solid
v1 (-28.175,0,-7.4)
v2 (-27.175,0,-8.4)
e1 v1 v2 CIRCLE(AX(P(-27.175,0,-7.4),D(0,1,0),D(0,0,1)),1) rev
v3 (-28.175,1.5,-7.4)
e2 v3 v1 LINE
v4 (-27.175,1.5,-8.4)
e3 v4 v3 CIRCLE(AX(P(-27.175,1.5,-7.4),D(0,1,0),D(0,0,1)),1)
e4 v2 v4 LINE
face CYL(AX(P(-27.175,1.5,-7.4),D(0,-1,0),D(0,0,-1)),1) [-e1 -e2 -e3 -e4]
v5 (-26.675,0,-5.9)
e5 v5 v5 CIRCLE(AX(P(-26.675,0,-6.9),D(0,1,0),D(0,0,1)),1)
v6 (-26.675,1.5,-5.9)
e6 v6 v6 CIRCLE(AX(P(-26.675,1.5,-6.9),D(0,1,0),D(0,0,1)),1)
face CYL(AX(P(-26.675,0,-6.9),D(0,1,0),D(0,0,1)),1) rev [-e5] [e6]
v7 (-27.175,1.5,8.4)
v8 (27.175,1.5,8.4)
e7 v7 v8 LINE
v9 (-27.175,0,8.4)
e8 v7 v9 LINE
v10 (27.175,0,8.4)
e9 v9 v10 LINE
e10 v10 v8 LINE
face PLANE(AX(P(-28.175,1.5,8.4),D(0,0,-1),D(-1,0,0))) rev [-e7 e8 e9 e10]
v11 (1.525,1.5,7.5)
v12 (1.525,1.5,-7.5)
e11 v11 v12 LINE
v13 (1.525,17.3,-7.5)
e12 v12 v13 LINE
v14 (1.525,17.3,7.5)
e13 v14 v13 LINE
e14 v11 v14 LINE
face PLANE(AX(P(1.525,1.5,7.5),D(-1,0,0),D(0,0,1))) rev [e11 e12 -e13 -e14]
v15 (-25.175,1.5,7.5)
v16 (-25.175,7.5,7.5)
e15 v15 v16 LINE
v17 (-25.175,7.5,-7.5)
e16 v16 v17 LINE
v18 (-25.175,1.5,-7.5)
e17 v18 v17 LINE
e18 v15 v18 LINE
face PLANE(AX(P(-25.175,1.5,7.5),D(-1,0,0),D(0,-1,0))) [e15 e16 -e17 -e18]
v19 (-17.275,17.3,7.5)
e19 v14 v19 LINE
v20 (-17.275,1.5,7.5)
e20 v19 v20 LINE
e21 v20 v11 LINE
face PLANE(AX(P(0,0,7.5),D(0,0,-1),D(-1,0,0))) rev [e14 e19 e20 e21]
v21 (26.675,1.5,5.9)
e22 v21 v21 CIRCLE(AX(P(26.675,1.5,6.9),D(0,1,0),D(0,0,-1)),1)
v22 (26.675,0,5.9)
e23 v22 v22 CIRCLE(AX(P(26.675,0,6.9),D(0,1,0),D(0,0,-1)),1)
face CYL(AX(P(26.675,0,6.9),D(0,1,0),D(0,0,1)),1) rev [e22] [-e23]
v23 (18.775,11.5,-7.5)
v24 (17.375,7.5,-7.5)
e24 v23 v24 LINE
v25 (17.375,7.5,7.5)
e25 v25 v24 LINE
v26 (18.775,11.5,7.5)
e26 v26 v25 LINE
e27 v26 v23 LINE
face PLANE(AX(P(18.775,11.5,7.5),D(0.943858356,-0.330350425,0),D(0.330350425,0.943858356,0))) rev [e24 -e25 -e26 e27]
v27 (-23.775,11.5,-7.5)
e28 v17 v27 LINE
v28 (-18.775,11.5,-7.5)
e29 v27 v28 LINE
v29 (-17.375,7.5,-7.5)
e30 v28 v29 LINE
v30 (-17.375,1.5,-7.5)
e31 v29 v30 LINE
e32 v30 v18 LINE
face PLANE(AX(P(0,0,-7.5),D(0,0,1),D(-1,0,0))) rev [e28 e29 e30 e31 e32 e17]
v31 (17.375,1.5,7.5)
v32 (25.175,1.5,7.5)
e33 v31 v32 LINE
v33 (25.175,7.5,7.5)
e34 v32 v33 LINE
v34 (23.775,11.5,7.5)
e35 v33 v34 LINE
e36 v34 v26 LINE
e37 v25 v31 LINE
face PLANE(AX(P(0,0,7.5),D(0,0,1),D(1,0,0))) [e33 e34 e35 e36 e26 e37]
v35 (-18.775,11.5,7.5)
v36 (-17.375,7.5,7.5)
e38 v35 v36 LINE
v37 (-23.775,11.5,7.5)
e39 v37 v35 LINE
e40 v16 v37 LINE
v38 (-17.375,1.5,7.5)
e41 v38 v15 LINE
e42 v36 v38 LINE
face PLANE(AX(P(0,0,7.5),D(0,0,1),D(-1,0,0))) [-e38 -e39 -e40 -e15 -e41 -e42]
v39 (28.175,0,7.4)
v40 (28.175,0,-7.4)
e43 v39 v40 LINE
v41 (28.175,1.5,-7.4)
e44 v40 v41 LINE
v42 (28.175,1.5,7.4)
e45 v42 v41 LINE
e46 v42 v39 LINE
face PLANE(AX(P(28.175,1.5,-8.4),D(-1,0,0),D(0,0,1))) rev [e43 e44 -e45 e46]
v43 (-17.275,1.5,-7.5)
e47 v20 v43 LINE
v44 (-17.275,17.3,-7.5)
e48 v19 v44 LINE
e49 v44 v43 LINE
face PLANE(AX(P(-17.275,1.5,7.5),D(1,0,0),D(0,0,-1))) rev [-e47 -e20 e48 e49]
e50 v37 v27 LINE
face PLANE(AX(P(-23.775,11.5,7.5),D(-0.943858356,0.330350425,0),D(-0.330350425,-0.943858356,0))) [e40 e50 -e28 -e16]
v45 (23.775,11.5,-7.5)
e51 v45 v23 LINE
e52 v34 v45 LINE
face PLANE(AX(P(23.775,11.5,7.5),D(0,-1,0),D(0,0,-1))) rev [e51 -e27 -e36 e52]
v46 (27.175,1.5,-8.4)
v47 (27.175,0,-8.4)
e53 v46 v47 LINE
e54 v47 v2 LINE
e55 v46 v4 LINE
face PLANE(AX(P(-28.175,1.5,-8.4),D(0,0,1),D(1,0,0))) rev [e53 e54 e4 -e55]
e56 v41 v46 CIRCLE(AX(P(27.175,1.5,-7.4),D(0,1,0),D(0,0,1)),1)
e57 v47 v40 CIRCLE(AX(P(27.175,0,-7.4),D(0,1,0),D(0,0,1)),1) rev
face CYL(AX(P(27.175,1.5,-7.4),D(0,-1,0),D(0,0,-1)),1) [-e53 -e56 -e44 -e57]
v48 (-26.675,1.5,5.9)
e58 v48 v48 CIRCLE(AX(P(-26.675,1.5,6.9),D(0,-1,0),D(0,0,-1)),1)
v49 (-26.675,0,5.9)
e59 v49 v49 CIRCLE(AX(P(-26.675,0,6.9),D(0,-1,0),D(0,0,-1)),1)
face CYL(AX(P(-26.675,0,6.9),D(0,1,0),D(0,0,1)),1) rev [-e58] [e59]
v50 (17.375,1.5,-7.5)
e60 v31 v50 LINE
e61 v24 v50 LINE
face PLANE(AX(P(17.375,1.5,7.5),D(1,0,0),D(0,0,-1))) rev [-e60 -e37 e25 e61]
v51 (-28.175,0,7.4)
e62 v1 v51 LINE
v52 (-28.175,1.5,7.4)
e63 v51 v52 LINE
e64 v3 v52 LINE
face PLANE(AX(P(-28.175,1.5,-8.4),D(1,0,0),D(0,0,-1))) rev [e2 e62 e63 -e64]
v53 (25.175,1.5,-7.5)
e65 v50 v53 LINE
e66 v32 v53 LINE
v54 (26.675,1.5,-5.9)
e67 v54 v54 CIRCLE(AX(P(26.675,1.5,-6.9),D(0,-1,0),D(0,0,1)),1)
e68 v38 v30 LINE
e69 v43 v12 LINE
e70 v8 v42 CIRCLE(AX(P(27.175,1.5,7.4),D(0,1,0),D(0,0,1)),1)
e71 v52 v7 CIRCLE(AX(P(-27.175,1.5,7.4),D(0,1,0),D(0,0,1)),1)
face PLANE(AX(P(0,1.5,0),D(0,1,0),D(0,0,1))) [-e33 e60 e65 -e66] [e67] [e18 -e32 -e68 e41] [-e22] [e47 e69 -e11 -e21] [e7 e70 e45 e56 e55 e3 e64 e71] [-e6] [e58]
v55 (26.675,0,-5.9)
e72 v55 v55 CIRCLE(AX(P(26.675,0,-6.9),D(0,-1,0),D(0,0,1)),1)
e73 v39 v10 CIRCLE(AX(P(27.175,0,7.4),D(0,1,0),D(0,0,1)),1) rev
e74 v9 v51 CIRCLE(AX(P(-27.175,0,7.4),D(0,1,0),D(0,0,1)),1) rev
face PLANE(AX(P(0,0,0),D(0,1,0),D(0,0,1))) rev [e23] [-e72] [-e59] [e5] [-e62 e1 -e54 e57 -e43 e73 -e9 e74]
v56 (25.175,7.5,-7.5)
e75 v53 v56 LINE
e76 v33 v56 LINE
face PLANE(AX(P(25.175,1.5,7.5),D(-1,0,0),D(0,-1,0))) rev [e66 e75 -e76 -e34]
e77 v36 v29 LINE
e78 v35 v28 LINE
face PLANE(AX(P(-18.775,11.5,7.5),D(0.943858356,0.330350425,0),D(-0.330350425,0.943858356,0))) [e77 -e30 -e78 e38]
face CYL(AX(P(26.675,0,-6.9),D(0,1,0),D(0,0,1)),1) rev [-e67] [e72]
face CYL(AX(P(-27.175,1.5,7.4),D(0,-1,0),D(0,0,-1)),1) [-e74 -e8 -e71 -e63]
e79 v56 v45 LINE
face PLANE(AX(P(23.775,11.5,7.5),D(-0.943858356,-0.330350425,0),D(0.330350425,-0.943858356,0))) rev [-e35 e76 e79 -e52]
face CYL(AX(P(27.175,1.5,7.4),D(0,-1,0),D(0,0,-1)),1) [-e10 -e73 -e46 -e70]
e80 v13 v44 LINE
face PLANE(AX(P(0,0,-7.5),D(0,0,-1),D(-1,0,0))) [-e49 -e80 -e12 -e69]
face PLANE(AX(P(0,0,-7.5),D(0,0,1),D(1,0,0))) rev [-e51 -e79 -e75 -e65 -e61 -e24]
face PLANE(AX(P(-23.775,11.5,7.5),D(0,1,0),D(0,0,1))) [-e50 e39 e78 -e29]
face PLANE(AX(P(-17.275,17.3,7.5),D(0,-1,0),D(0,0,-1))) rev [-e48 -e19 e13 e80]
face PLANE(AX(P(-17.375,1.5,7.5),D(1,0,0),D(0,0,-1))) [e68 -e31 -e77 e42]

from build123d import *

# Parameters (mm, degrees)
SKETCH1_W               = 56.35
SKETCH1_H               = 16.8
BOSS_EXTRUDE1_DEPTH     = 1.5
SKETCH2_R               = 1
CUT_EXTRUDE1_DEPTH      = 30.438760589
MIRROR2_COPY_1_SKETCH_R = 1
MIRROR2_COPY_1_DEPTH    = 30.438760589
FILLET1_R               = 1
BOSS_EXTRUDE2_DEPTH     = 7.5
SKETCH4_W               = 18.8
SKETCH4_H               = 15.8
BOSS_EXTRUDE3_DEPTH     = 7.5


with BuildPart() as part:
    # Sketch1 → Boss-Extrude1 (new body)
    with BuildSketch(Plane(origin=(0, 0, 0), x_dir=(1, 0, 0), z_dir=(0, 1, 0))):
        Rectangle(SKETCH1_W, SKETCH1_H)
    extrude(amount=BOSS_EXTRUDE1_DEPTH)

    # Sketch2 → Cut-Extrude1 (cut, through all)
    with BuildSketch(Plane(origin=(0, 1.5, 0), x_dir=(1, 0, 0), z_dir=(0, 1, 0))):
        with Locations(Location((-26.675, 6.9, 0), (0, 0, 270))):
            Circle(SKETCH2_R)
    cut_extrude1 = extrude(amount=-CUT_EXTRUDE1_DEPTH, mode=Mode.SUBTRACT)

    # Mirror1: Cut-Extrude1 across plane
    add(cut_extrude1.mirror(Plane.XY), mode=Mode.SUBTRACT)

    # Mirror2: Cut-Extrude1 across plane
    add(cut_extrude1.mirror(Plane(origin=(0, 0, 0), x_dir=(0, 0, 1), z_dir=(1, 0, 0))), mode=Mode.SUBTRACT)

    # Mirror2 copy 1 sketch → Mirror2 copy 1 (cut, through all)
    with BuildSketch(Plane(origin=(0, 1.5, 0), x_dir=(-1, 0, 0), z_dir=(0, 1, 0))):
        with Locations(Location((-26.675, 6.9, 0), (0, 0, 270))):
            Circle(MIRROR2_COPY_1_SKETCH_R)
    extrude(amount=-MIRROR2_COPY_1_DEPTH, mode=Mode.SUBTRACT)

    # Fillet1
    fillet1_edges = [part.edges().sort_by_distance(p)[0] for p in [
        (28.175, 0.75, 8.4),
        (-28.175, 0.75, 8.4),
        (-28.175, 0.75, -8.4),
        (28.175, 0.75, -8.4),
    ]]
    fillet(fillet1_edges, radius=FILLET1_R)

    # Sketch3 → Boss-Extrude2 (add, symmetric)
    with BuildSketch(Plane.XY):
        Polygon((18.775, 11.5), (17.375, 7.5), (17.375, 1.5), (25.175, 1.5), (25.175, 7.5), (23.775, 11.5), align=None)
    boss_extrude2 = extrude(amount=BOSS_EXTRUDE2_DEPTH, both=True)

    # Mirror3: Boss-Extrude2 across plane
    add(boss_extrude2.mirror(Plane(origin=(0, 0, 0), x_dir=(0, 0, 1), z_dir=(1, 0, 0))))

    # Sketch4 → Boss-Extrude3 (add, symmetric)
    with BuildSketch(Plane.XY):
        with Locations((-7.875, 9.4)):
            Rectangle(SKETCH4_W, SKETCH4_H)
    extrude(amount=BOSS_EXTRUDE3_DEPTH, both=True)


solid = part.part
